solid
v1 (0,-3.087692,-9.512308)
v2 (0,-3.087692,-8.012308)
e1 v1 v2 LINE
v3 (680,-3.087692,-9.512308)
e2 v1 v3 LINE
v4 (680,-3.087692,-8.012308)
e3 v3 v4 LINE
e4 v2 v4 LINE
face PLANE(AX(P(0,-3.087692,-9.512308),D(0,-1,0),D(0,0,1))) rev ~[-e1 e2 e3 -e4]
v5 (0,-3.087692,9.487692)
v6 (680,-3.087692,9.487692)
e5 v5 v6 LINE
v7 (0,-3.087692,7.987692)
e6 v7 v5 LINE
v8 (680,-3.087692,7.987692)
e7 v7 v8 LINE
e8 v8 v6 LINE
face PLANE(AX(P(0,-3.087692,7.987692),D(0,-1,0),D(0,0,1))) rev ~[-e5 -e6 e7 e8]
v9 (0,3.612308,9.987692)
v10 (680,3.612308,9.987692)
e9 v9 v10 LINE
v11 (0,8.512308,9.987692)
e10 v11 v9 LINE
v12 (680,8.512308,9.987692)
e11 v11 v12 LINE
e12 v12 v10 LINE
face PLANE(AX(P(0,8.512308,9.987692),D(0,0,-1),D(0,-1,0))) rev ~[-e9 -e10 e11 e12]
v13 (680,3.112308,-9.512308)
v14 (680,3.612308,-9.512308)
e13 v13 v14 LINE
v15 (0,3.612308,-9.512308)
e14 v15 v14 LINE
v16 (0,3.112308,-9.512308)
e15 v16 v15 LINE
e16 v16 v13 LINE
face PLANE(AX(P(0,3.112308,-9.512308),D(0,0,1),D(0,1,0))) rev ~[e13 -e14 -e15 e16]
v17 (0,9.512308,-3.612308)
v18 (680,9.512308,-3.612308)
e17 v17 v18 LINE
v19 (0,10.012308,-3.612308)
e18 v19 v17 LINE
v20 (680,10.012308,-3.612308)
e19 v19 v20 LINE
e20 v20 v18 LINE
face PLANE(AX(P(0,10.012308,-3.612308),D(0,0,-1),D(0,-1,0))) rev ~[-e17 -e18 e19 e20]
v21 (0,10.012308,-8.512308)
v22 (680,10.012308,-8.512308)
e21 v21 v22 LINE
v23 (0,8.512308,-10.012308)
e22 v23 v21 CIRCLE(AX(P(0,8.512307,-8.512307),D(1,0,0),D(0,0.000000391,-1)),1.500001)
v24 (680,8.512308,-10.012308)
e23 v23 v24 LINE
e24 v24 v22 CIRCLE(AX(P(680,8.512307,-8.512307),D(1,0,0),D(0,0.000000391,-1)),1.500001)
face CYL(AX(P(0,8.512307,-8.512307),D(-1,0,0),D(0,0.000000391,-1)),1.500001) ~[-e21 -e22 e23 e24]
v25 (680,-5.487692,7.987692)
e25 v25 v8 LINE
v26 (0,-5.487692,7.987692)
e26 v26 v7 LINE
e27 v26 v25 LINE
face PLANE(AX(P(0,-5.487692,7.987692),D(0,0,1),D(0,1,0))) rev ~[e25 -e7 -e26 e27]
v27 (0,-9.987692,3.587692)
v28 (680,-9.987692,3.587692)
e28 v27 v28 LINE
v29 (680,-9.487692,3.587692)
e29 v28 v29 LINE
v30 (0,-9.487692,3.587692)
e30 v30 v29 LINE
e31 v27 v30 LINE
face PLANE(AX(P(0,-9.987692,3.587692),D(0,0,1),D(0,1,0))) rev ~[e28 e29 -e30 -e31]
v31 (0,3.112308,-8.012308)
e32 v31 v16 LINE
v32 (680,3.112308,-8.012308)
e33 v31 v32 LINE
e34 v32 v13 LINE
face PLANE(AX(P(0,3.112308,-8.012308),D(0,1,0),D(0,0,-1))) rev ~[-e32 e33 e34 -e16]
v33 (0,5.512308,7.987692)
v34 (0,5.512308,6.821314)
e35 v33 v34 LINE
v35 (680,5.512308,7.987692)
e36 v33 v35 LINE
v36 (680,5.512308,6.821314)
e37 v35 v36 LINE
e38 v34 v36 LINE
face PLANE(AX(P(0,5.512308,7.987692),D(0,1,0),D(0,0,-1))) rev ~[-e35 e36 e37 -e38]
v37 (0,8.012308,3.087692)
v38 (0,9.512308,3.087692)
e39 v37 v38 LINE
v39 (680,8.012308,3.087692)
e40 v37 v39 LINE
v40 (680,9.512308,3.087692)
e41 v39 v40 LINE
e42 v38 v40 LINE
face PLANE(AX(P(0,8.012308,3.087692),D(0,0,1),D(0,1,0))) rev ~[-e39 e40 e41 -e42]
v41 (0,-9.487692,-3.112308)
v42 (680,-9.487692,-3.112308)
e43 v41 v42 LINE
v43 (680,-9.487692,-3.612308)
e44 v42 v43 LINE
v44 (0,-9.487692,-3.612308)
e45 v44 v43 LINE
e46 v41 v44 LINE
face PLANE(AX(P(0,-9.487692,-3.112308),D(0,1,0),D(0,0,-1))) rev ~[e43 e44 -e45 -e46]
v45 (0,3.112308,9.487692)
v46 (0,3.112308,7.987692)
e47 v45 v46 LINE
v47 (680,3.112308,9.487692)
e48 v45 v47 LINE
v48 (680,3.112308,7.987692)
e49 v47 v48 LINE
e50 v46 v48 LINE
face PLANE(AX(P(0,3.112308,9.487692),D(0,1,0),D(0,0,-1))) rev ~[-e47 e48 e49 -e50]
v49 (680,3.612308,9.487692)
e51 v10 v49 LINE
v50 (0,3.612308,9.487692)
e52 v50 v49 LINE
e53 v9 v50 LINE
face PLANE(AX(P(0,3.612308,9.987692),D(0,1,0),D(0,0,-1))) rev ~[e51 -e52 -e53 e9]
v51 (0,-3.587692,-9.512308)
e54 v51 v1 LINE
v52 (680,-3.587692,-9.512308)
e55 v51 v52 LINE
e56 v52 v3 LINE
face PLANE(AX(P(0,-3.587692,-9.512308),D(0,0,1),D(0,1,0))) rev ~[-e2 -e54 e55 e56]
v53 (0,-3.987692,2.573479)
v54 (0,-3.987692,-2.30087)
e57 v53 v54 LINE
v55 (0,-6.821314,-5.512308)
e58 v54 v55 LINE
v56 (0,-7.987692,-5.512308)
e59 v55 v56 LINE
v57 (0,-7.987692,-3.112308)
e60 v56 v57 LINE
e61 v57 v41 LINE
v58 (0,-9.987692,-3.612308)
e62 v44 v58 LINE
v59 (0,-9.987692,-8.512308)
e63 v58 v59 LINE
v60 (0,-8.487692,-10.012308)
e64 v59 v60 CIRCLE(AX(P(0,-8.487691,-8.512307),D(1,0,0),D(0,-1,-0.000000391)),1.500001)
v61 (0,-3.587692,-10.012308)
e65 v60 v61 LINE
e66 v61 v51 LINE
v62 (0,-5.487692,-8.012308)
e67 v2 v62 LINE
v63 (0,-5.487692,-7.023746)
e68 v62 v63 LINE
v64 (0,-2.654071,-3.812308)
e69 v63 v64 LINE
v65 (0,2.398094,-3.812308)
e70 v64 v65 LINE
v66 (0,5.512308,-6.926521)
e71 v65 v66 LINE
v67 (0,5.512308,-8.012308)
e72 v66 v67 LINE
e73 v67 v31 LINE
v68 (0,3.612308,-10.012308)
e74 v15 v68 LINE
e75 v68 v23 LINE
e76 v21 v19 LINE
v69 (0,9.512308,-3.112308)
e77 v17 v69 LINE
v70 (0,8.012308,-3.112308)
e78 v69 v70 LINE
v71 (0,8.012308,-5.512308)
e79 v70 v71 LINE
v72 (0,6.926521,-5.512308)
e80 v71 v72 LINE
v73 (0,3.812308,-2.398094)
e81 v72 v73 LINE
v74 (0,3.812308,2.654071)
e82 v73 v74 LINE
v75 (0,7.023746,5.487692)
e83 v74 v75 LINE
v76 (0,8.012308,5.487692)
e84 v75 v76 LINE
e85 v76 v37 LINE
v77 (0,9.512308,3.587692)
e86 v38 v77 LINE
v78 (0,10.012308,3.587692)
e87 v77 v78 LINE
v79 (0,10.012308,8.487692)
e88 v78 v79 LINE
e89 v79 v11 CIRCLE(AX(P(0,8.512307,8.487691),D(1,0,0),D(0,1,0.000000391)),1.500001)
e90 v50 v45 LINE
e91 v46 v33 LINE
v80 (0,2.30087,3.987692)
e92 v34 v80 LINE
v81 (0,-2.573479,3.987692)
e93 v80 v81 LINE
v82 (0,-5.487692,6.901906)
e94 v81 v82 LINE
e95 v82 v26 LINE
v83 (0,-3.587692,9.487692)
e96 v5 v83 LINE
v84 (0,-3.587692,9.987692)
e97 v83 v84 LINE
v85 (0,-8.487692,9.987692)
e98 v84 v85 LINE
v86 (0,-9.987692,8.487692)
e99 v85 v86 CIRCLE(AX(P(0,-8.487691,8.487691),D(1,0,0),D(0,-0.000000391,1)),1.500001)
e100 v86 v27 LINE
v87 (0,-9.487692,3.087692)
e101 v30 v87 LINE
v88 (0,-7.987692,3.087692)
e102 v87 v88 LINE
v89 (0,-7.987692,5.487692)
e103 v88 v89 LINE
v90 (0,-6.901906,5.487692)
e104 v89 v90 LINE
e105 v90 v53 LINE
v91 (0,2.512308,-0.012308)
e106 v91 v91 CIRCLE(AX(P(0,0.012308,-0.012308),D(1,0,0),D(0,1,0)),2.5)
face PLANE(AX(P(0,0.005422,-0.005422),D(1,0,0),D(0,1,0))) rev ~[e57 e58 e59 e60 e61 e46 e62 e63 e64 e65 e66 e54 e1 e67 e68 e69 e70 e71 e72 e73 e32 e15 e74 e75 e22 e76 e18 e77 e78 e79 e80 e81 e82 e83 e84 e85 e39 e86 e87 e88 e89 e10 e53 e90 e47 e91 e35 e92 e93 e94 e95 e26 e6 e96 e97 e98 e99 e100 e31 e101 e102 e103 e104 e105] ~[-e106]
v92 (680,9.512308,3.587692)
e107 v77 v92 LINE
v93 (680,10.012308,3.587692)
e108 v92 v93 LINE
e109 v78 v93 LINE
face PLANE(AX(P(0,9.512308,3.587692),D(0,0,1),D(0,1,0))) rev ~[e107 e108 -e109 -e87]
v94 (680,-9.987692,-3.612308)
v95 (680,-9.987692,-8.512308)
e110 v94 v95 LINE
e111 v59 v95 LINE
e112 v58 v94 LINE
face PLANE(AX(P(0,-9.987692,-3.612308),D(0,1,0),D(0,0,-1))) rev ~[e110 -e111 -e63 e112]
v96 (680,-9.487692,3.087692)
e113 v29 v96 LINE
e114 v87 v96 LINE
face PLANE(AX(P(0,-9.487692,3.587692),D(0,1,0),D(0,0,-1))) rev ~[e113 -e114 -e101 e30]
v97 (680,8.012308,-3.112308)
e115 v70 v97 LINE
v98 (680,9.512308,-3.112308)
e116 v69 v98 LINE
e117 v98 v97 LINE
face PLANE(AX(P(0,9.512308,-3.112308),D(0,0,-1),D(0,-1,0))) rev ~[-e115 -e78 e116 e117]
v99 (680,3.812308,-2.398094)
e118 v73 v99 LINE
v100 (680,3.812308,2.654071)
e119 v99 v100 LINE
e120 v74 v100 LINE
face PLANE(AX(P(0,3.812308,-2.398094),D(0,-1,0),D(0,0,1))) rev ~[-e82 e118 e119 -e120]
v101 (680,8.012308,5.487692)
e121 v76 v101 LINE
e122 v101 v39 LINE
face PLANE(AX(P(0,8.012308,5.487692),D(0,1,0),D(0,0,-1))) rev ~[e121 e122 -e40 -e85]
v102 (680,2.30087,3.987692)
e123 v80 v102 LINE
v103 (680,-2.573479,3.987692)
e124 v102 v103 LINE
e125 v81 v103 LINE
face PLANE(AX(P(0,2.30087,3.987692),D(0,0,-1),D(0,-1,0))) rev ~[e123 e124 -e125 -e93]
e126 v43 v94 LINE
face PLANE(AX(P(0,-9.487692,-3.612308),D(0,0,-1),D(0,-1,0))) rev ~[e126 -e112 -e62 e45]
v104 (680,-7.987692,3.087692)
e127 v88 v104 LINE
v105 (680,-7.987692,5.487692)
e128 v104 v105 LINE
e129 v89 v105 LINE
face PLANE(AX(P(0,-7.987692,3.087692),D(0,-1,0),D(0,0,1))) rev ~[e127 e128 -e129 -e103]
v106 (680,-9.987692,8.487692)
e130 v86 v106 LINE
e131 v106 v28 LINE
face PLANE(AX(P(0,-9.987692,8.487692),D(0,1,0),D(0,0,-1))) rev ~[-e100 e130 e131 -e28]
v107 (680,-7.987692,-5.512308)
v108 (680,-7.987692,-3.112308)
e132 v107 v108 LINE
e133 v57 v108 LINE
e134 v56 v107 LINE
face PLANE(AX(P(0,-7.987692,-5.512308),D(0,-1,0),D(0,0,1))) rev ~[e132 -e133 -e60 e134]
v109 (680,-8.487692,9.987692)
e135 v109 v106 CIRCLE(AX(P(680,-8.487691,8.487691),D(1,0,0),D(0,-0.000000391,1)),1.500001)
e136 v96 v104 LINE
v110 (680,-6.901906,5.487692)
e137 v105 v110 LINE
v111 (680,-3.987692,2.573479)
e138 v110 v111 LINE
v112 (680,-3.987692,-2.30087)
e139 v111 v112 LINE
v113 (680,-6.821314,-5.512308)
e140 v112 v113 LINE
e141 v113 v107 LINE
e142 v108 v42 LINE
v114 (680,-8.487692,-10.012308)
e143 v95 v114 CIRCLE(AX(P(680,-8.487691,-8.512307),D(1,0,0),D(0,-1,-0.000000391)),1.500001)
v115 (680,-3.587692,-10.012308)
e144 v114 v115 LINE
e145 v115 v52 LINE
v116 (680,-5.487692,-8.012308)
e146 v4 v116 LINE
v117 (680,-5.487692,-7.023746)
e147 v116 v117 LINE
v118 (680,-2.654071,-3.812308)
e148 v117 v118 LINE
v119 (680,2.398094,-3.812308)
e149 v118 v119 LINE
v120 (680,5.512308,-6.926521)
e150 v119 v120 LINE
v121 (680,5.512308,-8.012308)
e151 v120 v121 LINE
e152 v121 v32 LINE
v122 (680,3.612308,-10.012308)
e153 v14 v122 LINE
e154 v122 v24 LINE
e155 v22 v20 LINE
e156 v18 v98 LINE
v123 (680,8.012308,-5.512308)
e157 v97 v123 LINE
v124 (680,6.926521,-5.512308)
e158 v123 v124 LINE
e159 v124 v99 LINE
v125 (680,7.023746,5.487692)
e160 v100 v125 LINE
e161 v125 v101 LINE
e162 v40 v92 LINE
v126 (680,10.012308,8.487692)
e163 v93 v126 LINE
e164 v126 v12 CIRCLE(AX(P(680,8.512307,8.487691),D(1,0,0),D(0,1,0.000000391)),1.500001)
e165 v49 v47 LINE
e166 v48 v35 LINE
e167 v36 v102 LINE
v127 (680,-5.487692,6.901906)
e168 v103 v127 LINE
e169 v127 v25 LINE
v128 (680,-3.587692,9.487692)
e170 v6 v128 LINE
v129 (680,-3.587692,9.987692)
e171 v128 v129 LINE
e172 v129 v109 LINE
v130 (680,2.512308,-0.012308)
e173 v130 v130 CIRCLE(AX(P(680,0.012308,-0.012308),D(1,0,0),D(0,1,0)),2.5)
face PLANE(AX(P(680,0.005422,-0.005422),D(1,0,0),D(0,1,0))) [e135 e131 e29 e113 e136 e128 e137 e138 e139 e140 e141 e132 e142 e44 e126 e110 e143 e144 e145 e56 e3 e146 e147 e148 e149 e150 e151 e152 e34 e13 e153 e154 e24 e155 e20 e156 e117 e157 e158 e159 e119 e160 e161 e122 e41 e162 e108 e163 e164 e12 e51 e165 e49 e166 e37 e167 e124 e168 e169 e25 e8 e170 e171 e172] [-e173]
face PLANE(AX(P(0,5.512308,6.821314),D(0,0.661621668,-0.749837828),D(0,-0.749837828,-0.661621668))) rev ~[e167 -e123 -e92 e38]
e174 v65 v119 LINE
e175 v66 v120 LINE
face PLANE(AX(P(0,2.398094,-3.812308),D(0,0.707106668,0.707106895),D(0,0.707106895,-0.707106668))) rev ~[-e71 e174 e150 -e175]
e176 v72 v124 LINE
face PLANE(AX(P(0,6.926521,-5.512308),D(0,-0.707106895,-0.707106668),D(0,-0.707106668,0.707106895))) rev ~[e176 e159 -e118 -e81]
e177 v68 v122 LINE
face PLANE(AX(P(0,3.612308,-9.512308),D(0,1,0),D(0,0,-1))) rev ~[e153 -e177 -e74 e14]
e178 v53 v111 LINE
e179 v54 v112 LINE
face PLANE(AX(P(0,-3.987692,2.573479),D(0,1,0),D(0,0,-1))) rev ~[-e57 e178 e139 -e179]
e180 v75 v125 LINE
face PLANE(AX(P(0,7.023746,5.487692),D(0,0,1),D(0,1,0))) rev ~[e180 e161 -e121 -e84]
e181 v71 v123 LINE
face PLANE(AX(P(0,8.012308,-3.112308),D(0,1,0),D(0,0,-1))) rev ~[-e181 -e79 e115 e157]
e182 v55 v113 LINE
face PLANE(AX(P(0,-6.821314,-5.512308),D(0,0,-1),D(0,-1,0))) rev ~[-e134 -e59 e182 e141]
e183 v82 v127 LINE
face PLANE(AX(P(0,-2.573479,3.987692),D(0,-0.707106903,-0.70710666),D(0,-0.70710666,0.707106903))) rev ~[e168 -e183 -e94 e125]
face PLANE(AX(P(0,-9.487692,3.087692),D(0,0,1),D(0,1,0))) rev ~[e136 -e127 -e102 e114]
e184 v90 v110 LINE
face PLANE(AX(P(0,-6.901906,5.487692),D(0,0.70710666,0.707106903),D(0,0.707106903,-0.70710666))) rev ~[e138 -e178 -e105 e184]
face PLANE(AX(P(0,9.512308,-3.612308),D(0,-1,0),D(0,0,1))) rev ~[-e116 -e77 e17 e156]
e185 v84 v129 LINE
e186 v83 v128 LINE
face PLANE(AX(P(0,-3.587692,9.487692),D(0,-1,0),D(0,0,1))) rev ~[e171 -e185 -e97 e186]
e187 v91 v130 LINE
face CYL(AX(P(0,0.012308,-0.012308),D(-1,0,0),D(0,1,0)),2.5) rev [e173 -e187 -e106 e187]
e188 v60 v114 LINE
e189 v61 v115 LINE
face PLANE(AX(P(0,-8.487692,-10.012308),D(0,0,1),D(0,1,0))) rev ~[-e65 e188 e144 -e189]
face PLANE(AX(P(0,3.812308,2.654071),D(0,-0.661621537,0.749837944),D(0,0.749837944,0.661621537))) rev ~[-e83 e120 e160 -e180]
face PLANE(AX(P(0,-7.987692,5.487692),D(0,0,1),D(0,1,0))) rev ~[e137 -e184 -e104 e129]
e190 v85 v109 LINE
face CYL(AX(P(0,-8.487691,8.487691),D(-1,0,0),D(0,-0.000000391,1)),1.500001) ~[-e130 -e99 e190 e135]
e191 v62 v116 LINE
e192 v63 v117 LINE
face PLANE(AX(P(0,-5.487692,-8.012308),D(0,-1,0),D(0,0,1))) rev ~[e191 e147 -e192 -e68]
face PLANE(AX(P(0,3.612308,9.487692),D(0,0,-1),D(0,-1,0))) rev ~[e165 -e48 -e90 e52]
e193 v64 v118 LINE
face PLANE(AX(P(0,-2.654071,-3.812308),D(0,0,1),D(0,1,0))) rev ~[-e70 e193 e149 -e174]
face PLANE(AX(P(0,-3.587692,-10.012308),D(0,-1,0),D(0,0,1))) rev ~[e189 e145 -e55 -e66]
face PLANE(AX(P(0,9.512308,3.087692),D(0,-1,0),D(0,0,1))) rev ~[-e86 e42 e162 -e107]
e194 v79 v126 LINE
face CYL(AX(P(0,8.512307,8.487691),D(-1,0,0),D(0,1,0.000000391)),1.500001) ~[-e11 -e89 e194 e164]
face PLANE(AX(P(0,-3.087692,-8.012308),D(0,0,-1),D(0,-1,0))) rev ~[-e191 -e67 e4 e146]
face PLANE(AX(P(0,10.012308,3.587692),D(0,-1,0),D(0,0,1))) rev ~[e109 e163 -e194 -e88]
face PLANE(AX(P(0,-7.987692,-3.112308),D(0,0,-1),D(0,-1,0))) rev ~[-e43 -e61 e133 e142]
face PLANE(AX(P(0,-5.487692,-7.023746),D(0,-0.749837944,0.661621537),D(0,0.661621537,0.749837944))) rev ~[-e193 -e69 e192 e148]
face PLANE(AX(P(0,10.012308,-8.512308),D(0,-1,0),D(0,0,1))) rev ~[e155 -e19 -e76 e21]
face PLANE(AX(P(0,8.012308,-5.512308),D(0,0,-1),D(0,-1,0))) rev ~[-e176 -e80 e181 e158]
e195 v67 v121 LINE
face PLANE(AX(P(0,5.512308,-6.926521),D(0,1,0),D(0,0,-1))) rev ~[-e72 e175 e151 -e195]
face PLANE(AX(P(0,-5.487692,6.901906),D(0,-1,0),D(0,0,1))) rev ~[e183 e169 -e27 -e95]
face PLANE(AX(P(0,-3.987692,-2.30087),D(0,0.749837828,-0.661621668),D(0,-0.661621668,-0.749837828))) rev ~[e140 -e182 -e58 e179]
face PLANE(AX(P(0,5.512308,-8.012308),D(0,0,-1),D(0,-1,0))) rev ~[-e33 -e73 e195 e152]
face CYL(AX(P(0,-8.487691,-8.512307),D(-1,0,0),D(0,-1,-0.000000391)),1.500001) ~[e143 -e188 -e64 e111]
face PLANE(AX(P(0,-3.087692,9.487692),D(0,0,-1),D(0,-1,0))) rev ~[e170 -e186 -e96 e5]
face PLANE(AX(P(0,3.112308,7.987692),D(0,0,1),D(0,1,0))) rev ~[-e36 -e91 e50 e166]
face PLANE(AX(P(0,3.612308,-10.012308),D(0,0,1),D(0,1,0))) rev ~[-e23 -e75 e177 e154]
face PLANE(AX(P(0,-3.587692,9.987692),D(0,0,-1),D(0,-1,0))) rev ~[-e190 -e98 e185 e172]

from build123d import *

# Parameters (mm, degrees)
F0_R     = 2.5
F1_DEPTH = 680


with BuildPart() as f1:
    # F0 (on Right) → F1 (new body)
    with BuildSketch(Plane.YZ):
        with BuildLine():
            Line((-3.587692, 9.987692), (-8.487692, 9.987692))
            ThreePointArc((-8.487692, 9.987692), (-9.548352, 9.548352), (-9.987692, 8.487692))
            Line((-9.987692, 8.487692), (-9.987692, 3.587692))
            Line((-9.987692, 3.587692), (-9.487692, 3.587692))
            Line((-9.487692, 3.587692), (-9.487692, 3.087692))
            Line((-9.487692, 3.087692), (-7.987692, 3.087692))
            Line((-7.987692, 3.087692), (-7.987692, 5.487692))
            Line((-7.987692, 5.487692), (-6.901906, 5.487692))
            Line((-6.901906, 5.487692), (-3.987692, 2.573479))
            Line((-3.987692, 2.573479), (-3.987692, -2.30087))
            Line((-3.987692, -2.30087), (-6.821314, -5.512308))
            Line((-6.821314, -5.512308), (-7.987692, -5.512308))
            Line((-7.987692, -5.512308), (-7.987692, -3.112308))
            Line((-7.987692, -3.112308), (-9.487692, -3.112308))
            Line((-9.487692, -3.112308), (-9.487692, -3.612308))
            Line((-9.487692, -3.612308), (-9.987692, -3.612308))
            Line((-9.987692, -3.612308), (-9.987692, -8.512308))
            ThreePointArc((-9.987692, -8.512308), (-9.548352, -9.572968), (-8.487692, -10.012308))
            Line((-8.487692, -10.012308), (-3.587692, -10.012308))
            Line((-3.587692, -10.012308), (-3.587692, -9.512308))
            Line((-3.587692, -9.512308), (-3.087692, -9.512308))
            Line((-3.087692, -9.512308), (-3.087692, -8.012308))
            Line((-3.087692, -8.012308), (-5.487692, -8.012308))
            Line((-5.487692, -8.012308), (-5.487692, -7.023746))
            Line((-5.487692, -7.023746), (-2.654071, -3.812308))
            Line((-2.654071, -3.812308), (2.398094, -3.812308))
            Line((2.398094, -3.812308), (5.512308, -6.926521))
            Line((5.512308, -6.926521), (5.512308, -8.012308))
            Line((5.512308, -8.012308), (3.112308, -8.012308))
            Line((3.112308, -8.012308), (3.112308, -9.512308))
            Line((3.112308, -9.512308), (3.612308, -9.512308))
            Line((3.612308, -9.512308), (3.612308, -10.012308))
            Line((3.612308, -10.012308), (8.512308, -10.012308))
            ThreePointArc((8.512308, -10.012308), (9.572968, -9.572968), (10.012308, -8.512308))
            Line((10.012308, -8.512308), (10.012308, -3.612308))
            Line((10.012308, -3.612308), (9.512308, -3.612308))
            Line((9.512308, -3.612308), (9.512308, -3.112308))
            Line((9.512308, -3.112308), (8.012308, -3.112308))
            Line((8.012308, -3.112308), (8.012308, -5.512308))
            Line((8.012308, -5.512308), (6.926521, -5.512308))
            Line((6.926521, -5.512308), (3.812308, -2.398094))
            Line((3.812308, -2.398094), (3.812308, 2.654071))
            Line((3.812308, 2.654071), (7.023746, 5.487692))
            Line((7.023746, 5.487692), (8.012308, 5.487692))
            Line((8.012308, 5.487692), (8.012308, 3.087692))
            Line((8.012308, 3.087692), (9.512308, 3.087692))
            Line((9.512308, 3.087692), (9.512308, 3.587692))
            Line((9.512308, 3.587692), (10.012308, 3.587692))
            Line((10.012308, 3.587692), (10.012308, 8.487692))
            ThreePointArc((10.012308, 8.487692), (9.572968, 9.548352), (8.512308, 9.987692))
            Line((8.512308, 9.987692), (3.612308, 9.987692))
            Line((3.612308, 9.987692), (3.612308, 9.487692))
            Line((3.612308, 9.487692), (3.112308, 9.487692))
            Line((3.112308, 9.487692), (3.112308, 7.987692))
            Line((3.112308, 7.987692), (5.512308, 7.987692))
            Line((5.512308, 7.987692), (5.512308, 6.821314))
            Line((5.512308, 6.821314), (2.30087, 3.987692))
            Line((2.30087, 3.987692), (-2.573479, 3.987692))
            Line((-2.573479, 3.987692), (-5.487692, 6.901906))
            Line((-5.487692, 6.901906), (-5.487692, 7.987692))
            Line((-5.487692, 7.987692), (-3.087692, 7.987692))
            Line((-3.087692, 7.987692), (-3.087692, 9.487692))
            Line((-3.087692, 9.487692), (-3.587692, 9.487692))
            Line((-3.587692, 9.487692), (-3.587692, 9.987692))
        make_face()
        with Locations((0.012308, -0.012308)):
            Circle(F0_R, mode=Mode.SUBTRACT)
    extrude(amount=F1_DEPTH)


solid = f1.part
